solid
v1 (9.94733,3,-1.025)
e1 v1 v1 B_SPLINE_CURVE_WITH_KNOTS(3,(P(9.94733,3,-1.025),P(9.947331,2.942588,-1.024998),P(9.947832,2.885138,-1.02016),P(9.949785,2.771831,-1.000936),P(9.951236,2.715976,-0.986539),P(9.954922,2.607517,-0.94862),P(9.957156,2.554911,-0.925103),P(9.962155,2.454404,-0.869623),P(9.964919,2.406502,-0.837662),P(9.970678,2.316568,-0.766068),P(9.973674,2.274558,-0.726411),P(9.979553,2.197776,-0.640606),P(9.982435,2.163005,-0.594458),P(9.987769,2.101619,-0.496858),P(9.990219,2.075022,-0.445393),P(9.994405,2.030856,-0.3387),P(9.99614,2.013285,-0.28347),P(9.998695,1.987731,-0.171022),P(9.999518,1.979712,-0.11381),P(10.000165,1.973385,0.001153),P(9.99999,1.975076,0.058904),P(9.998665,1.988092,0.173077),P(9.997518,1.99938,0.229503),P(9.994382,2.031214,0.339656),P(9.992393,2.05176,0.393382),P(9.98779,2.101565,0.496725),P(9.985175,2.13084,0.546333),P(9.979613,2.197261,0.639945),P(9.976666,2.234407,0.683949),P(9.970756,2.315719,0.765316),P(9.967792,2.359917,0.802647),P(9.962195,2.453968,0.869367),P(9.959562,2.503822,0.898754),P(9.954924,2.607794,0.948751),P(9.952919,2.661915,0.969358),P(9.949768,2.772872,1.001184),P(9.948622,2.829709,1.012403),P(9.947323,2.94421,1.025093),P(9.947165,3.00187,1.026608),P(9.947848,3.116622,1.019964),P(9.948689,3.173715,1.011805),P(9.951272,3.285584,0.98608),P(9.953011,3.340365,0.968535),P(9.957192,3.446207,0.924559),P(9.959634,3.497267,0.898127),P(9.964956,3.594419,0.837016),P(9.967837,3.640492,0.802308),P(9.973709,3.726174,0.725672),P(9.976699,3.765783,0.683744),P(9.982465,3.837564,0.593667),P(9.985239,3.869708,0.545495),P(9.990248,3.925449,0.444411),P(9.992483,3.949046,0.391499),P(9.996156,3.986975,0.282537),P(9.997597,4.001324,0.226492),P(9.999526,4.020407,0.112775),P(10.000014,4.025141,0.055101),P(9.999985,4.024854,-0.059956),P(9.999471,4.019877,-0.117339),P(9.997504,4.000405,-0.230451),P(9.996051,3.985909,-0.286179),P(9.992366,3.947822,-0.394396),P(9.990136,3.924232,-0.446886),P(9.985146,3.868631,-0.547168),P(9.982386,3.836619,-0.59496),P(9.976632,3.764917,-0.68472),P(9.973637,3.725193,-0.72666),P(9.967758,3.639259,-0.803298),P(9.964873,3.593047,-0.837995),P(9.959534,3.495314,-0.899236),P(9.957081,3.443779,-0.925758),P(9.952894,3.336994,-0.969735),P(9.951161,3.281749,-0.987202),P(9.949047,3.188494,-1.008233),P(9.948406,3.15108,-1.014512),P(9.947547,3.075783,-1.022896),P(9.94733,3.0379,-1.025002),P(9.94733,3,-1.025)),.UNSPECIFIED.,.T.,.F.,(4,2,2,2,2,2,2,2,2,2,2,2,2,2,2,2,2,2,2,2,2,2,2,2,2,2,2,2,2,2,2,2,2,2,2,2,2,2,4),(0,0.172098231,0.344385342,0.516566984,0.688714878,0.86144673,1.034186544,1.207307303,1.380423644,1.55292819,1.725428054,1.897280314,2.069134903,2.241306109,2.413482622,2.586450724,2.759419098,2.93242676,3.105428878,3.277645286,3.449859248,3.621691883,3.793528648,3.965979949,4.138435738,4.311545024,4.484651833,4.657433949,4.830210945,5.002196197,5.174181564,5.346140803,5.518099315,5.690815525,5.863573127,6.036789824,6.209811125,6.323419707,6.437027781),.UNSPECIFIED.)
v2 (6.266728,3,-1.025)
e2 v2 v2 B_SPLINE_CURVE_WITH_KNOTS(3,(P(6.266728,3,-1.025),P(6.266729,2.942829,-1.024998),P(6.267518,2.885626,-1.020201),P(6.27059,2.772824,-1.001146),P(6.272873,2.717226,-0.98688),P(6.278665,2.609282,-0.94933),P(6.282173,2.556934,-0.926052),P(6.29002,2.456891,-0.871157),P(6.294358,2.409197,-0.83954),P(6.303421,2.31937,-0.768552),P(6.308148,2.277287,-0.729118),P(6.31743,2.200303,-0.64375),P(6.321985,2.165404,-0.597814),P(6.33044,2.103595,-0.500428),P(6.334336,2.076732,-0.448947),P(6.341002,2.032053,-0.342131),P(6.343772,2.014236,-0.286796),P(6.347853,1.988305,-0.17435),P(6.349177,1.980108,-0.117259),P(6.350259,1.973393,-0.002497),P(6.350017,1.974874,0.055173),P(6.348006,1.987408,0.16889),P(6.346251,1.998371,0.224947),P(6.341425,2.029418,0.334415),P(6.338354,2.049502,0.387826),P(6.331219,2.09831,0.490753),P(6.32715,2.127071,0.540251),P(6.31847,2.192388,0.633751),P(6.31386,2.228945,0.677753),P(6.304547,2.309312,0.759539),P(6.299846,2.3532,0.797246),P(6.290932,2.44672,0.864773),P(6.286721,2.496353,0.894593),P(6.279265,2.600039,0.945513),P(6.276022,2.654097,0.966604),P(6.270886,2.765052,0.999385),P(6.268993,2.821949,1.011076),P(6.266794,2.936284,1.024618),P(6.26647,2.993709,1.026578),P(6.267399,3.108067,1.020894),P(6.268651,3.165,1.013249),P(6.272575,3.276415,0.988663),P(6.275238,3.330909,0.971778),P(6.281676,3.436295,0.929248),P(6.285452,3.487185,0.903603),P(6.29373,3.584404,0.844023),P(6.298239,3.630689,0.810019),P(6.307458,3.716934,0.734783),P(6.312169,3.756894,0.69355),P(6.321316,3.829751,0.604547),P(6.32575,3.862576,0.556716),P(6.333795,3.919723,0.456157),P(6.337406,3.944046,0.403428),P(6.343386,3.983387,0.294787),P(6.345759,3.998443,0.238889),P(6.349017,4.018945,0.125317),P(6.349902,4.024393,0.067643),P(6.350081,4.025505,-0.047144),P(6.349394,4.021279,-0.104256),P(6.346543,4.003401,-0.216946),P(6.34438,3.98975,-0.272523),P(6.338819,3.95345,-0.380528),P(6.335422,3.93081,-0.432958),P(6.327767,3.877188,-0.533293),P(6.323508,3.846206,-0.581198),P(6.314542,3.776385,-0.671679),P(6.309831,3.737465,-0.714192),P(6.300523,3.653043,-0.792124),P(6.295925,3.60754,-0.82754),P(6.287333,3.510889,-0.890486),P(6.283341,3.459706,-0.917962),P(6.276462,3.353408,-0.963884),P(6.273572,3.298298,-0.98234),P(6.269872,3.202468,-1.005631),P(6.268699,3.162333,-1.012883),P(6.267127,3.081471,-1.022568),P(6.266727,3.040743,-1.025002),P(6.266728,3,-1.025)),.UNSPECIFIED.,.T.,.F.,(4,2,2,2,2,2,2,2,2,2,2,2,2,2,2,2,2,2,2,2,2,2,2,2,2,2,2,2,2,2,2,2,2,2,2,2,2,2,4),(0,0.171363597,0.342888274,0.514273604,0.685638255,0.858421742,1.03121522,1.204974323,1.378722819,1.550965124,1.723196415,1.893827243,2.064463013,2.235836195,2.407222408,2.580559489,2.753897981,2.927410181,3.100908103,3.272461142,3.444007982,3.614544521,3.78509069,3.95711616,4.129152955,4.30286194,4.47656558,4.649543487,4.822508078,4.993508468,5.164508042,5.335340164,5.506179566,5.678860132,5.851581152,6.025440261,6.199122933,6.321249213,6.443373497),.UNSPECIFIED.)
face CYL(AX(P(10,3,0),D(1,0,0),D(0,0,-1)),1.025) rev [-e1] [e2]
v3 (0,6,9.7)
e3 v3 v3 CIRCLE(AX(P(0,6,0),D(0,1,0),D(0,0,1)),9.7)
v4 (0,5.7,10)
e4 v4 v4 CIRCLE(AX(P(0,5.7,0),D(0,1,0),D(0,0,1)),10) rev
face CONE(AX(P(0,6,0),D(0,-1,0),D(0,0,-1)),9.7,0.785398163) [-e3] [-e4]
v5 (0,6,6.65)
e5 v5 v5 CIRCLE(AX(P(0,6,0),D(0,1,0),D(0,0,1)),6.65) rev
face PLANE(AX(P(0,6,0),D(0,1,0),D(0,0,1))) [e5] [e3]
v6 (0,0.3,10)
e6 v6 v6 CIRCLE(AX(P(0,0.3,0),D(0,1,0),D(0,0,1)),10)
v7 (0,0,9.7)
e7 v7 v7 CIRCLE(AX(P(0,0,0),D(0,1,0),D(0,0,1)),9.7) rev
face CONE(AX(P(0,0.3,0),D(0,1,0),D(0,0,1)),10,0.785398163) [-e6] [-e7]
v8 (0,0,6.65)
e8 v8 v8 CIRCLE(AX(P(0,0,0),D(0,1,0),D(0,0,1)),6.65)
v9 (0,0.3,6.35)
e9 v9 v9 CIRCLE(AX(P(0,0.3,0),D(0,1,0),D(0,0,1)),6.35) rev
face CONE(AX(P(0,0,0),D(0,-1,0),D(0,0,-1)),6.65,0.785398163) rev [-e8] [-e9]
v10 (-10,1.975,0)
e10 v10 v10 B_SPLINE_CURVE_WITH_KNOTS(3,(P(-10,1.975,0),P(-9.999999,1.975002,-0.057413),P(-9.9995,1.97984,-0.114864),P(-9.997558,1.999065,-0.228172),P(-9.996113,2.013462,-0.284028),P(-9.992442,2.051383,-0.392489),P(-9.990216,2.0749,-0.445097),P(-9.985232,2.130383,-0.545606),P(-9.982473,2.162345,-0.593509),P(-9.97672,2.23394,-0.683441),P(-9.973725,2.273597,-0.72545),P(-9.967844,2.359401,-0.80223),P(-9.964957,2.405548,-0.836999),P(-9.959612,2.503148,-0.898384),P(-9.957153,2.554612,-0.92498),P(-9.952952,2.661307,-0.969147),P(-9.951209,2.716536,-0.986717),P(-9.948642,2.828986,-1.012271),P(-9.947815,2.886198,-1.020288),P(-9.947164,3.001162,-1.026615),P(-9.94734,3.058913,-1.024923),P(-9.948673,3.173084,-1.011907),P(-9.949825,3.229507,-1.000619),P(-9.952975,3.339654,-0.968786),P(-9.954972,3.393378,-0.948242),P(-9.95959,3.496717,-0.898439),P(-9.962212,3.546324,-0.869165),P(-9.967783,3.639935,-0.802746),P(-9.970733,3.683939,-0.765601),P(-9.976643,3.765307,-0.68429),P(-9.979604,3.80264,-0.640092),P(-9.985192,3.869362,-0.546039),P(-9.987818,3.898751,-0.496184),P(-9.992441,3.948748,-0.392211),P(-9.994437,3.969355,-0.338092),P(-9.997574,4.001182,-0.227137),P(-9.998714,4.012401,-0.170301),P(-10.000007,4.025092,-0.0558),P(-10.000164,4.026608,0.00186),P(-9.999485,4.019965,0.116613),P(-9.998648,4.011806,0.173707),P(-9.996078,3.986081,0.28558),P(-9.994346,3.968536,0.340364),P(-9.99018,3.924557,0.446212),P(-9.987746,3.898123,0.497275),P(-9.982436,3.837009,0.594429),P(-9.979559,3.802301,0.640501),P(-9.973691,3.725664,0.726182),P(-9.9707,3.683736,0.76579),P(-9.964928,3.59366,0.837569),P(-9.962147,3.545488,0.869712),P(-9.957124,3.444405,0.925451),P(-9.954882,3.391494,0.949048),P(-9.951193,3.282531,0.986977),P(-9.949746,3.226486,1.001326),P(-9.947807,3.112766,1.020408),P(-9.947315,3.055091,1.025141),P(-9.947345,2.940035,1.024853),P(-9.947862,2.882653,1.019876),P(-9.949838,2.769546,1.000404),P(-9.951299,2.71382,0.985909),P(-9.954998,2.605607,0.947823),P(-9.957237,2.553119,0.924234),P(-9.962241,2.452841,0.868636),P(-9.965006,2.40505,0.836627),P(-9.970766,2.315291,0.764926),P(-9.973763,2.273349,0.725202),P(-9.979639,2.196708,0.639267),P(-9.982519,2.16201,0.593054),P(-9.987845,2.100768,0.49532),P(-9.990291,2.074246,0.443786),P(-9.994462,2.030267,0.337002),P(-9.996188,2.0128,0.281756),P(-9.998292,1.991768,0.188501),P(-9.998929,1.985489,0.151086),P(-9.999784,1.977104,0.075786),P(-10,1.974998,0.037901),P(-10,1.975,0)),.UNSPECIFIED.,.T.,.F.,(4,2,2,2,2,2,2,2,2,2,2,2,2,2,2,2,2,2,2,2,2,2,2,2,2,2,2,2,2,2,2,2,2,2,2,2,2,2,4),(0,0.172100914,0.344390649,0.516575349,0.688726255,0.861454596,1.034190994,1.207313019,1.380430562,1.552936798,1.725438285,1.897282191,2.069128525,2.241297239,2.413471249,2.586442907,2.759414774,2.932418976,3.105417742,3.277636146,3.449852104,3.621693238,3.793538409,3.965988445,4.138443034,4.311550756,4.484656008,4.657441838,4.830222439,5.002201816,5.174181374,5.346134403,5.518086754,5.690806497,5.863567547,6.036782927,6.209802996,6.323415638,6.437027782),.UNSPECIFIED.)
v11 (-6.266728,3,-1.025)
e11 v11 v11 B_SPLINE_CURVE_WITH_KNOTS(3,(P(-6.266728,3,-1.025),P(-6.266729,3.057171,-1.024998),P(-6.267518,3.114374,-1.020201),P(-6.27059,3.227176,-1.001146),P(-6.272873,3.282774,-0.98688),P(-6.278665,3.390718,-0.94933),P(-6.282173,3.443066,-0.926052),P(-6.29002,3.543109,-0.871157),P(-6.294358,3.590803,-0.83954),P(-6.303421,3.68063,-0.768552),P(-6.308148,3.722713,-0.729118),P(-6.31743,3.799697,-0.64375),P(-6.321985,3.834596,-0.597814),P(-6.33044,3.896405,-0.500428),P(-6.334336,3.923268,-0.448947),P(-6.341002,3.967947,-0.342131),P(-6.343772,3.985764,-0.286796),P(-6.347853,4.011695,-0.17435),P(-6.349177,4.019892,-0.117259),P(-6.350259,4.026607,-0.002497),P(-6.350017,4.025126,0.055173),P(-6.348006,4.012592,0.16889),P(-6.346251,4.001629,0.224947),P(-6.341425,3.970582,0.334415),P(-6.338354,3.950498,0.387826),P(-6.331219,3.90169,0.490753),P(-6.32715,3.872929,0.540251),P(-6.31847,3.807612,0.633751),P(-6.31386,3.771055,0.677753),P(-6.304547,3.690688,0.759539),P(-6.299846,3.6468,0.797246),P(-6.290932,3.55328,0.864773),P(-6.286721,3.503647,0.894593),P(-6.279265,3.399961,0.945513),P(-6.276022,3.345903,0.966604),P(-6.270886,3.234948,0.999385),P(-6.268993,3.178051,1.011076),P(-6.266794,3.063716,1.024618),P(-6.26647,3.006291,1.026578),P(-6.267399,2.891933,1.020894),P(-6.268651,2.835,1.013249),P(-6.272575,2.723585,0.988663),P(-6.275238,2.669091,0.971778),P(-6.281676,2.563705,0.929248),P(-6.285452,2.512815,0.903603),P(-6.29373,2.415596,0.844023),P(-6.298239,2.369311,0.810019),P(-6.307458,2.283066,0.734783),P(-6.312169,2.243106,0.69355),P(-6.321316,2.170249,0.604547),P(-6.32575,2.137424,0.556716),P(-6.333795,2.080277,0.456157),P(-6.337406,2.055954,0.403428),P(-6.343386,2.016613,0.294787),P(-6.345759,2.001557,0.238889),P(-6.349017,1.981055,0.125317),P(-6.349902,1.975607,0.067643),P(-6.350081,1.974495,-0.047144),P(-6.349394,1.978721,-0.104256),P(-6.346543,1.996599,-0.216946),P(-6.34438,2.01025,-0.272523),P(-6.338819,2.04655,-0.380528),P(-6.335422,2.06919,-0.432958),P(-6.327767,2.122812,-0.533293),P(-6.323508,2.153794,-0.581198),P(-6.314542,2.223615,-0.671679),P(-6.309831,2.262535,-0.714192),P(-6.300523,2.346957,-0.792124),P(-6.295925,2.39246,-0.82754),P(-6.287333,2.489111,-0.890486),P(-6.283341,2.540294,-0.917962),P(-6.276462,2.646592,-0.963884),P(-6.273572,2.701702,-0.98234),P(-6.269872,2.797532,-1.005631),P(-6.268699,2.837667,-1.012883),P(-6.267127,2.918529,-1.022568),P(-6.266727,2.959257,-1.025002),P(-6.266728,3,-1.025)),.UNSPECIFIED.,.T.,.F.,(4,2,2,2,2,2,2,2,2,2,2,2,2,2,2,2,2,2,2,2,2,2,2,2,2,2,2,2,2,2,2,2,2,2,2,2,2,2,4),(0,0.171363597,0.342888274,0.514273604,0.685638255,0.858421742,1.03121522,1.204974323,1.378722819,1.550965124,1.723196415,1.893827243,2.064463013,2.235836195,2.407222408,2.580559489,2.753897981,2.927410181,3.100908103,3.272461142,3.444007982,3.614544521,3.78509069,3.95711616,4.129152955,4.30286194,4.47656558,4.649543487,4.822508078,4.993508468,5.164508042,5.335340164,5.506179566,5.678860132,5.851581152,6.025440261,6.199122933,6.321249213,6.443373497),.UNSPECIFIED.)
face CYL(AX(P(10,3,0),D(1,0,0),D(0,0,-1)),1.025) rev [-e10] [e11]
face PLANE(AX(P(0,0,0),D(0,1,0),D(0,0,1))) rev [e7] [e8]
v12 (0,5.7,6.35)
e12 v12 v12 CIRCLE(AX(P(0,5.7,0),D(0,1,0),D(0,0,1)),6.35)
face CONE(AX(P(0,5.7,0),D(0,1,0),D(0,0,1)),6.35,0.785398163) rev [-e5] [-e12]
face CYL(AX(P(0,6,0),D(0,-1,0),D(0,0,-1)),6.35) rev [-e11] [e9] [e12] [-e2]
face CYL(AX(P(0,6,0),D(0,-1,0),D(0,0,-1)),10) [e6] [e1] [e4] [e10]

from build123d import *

# Parameters (mm, degrees)
SKETCH1_R                = 10
SKETCH1_R_2              = 6.35
BOSS_EXTRUDE1_DEPTH      = 6
M2_5X0_45_TAPPED_HOLE1_D = 2.05
CHAMFER1_SIZE            = 0.3


with BuildPart() as part:
    # Sketch1 → Boss-Extrude1 (new body)
    with BuildSketch(Plane(origin=(0, 0, 0), x_dir=(1, 0, 0), z_dir=(0, 1, 0))):
        Circle(SKETCH1_R)
        Circle(SKETCH1_R_2, mode=Mode.SUBTRACT)
    extrude(amount=BOSS_EXTRUDE1_DEPTH)

    # M2.5x0.45 Tapped Hole1 (through all)
    with Locations(Plane(origin=(10, 0, 0), x_dir=(0, 0, -1), z_dir=(1, 0, 0))):
        with Locations((0, 3)):
            Hole(M2_5X0_45_TAPPED_HOLE1_D / 2)

    # Chamfer1
    chamfer1_edges = [part.edges().sort_by_distance(p)[0] for p in [
        (-10, 0, 0),
        (-10, 6, 0),
        (-6.35, 0, 0),
        (-6.35, 6, 0),
    ]]
    chamfer(chamfer1_edges, length=CHAMFER1_SIZE)


solid = part.part
